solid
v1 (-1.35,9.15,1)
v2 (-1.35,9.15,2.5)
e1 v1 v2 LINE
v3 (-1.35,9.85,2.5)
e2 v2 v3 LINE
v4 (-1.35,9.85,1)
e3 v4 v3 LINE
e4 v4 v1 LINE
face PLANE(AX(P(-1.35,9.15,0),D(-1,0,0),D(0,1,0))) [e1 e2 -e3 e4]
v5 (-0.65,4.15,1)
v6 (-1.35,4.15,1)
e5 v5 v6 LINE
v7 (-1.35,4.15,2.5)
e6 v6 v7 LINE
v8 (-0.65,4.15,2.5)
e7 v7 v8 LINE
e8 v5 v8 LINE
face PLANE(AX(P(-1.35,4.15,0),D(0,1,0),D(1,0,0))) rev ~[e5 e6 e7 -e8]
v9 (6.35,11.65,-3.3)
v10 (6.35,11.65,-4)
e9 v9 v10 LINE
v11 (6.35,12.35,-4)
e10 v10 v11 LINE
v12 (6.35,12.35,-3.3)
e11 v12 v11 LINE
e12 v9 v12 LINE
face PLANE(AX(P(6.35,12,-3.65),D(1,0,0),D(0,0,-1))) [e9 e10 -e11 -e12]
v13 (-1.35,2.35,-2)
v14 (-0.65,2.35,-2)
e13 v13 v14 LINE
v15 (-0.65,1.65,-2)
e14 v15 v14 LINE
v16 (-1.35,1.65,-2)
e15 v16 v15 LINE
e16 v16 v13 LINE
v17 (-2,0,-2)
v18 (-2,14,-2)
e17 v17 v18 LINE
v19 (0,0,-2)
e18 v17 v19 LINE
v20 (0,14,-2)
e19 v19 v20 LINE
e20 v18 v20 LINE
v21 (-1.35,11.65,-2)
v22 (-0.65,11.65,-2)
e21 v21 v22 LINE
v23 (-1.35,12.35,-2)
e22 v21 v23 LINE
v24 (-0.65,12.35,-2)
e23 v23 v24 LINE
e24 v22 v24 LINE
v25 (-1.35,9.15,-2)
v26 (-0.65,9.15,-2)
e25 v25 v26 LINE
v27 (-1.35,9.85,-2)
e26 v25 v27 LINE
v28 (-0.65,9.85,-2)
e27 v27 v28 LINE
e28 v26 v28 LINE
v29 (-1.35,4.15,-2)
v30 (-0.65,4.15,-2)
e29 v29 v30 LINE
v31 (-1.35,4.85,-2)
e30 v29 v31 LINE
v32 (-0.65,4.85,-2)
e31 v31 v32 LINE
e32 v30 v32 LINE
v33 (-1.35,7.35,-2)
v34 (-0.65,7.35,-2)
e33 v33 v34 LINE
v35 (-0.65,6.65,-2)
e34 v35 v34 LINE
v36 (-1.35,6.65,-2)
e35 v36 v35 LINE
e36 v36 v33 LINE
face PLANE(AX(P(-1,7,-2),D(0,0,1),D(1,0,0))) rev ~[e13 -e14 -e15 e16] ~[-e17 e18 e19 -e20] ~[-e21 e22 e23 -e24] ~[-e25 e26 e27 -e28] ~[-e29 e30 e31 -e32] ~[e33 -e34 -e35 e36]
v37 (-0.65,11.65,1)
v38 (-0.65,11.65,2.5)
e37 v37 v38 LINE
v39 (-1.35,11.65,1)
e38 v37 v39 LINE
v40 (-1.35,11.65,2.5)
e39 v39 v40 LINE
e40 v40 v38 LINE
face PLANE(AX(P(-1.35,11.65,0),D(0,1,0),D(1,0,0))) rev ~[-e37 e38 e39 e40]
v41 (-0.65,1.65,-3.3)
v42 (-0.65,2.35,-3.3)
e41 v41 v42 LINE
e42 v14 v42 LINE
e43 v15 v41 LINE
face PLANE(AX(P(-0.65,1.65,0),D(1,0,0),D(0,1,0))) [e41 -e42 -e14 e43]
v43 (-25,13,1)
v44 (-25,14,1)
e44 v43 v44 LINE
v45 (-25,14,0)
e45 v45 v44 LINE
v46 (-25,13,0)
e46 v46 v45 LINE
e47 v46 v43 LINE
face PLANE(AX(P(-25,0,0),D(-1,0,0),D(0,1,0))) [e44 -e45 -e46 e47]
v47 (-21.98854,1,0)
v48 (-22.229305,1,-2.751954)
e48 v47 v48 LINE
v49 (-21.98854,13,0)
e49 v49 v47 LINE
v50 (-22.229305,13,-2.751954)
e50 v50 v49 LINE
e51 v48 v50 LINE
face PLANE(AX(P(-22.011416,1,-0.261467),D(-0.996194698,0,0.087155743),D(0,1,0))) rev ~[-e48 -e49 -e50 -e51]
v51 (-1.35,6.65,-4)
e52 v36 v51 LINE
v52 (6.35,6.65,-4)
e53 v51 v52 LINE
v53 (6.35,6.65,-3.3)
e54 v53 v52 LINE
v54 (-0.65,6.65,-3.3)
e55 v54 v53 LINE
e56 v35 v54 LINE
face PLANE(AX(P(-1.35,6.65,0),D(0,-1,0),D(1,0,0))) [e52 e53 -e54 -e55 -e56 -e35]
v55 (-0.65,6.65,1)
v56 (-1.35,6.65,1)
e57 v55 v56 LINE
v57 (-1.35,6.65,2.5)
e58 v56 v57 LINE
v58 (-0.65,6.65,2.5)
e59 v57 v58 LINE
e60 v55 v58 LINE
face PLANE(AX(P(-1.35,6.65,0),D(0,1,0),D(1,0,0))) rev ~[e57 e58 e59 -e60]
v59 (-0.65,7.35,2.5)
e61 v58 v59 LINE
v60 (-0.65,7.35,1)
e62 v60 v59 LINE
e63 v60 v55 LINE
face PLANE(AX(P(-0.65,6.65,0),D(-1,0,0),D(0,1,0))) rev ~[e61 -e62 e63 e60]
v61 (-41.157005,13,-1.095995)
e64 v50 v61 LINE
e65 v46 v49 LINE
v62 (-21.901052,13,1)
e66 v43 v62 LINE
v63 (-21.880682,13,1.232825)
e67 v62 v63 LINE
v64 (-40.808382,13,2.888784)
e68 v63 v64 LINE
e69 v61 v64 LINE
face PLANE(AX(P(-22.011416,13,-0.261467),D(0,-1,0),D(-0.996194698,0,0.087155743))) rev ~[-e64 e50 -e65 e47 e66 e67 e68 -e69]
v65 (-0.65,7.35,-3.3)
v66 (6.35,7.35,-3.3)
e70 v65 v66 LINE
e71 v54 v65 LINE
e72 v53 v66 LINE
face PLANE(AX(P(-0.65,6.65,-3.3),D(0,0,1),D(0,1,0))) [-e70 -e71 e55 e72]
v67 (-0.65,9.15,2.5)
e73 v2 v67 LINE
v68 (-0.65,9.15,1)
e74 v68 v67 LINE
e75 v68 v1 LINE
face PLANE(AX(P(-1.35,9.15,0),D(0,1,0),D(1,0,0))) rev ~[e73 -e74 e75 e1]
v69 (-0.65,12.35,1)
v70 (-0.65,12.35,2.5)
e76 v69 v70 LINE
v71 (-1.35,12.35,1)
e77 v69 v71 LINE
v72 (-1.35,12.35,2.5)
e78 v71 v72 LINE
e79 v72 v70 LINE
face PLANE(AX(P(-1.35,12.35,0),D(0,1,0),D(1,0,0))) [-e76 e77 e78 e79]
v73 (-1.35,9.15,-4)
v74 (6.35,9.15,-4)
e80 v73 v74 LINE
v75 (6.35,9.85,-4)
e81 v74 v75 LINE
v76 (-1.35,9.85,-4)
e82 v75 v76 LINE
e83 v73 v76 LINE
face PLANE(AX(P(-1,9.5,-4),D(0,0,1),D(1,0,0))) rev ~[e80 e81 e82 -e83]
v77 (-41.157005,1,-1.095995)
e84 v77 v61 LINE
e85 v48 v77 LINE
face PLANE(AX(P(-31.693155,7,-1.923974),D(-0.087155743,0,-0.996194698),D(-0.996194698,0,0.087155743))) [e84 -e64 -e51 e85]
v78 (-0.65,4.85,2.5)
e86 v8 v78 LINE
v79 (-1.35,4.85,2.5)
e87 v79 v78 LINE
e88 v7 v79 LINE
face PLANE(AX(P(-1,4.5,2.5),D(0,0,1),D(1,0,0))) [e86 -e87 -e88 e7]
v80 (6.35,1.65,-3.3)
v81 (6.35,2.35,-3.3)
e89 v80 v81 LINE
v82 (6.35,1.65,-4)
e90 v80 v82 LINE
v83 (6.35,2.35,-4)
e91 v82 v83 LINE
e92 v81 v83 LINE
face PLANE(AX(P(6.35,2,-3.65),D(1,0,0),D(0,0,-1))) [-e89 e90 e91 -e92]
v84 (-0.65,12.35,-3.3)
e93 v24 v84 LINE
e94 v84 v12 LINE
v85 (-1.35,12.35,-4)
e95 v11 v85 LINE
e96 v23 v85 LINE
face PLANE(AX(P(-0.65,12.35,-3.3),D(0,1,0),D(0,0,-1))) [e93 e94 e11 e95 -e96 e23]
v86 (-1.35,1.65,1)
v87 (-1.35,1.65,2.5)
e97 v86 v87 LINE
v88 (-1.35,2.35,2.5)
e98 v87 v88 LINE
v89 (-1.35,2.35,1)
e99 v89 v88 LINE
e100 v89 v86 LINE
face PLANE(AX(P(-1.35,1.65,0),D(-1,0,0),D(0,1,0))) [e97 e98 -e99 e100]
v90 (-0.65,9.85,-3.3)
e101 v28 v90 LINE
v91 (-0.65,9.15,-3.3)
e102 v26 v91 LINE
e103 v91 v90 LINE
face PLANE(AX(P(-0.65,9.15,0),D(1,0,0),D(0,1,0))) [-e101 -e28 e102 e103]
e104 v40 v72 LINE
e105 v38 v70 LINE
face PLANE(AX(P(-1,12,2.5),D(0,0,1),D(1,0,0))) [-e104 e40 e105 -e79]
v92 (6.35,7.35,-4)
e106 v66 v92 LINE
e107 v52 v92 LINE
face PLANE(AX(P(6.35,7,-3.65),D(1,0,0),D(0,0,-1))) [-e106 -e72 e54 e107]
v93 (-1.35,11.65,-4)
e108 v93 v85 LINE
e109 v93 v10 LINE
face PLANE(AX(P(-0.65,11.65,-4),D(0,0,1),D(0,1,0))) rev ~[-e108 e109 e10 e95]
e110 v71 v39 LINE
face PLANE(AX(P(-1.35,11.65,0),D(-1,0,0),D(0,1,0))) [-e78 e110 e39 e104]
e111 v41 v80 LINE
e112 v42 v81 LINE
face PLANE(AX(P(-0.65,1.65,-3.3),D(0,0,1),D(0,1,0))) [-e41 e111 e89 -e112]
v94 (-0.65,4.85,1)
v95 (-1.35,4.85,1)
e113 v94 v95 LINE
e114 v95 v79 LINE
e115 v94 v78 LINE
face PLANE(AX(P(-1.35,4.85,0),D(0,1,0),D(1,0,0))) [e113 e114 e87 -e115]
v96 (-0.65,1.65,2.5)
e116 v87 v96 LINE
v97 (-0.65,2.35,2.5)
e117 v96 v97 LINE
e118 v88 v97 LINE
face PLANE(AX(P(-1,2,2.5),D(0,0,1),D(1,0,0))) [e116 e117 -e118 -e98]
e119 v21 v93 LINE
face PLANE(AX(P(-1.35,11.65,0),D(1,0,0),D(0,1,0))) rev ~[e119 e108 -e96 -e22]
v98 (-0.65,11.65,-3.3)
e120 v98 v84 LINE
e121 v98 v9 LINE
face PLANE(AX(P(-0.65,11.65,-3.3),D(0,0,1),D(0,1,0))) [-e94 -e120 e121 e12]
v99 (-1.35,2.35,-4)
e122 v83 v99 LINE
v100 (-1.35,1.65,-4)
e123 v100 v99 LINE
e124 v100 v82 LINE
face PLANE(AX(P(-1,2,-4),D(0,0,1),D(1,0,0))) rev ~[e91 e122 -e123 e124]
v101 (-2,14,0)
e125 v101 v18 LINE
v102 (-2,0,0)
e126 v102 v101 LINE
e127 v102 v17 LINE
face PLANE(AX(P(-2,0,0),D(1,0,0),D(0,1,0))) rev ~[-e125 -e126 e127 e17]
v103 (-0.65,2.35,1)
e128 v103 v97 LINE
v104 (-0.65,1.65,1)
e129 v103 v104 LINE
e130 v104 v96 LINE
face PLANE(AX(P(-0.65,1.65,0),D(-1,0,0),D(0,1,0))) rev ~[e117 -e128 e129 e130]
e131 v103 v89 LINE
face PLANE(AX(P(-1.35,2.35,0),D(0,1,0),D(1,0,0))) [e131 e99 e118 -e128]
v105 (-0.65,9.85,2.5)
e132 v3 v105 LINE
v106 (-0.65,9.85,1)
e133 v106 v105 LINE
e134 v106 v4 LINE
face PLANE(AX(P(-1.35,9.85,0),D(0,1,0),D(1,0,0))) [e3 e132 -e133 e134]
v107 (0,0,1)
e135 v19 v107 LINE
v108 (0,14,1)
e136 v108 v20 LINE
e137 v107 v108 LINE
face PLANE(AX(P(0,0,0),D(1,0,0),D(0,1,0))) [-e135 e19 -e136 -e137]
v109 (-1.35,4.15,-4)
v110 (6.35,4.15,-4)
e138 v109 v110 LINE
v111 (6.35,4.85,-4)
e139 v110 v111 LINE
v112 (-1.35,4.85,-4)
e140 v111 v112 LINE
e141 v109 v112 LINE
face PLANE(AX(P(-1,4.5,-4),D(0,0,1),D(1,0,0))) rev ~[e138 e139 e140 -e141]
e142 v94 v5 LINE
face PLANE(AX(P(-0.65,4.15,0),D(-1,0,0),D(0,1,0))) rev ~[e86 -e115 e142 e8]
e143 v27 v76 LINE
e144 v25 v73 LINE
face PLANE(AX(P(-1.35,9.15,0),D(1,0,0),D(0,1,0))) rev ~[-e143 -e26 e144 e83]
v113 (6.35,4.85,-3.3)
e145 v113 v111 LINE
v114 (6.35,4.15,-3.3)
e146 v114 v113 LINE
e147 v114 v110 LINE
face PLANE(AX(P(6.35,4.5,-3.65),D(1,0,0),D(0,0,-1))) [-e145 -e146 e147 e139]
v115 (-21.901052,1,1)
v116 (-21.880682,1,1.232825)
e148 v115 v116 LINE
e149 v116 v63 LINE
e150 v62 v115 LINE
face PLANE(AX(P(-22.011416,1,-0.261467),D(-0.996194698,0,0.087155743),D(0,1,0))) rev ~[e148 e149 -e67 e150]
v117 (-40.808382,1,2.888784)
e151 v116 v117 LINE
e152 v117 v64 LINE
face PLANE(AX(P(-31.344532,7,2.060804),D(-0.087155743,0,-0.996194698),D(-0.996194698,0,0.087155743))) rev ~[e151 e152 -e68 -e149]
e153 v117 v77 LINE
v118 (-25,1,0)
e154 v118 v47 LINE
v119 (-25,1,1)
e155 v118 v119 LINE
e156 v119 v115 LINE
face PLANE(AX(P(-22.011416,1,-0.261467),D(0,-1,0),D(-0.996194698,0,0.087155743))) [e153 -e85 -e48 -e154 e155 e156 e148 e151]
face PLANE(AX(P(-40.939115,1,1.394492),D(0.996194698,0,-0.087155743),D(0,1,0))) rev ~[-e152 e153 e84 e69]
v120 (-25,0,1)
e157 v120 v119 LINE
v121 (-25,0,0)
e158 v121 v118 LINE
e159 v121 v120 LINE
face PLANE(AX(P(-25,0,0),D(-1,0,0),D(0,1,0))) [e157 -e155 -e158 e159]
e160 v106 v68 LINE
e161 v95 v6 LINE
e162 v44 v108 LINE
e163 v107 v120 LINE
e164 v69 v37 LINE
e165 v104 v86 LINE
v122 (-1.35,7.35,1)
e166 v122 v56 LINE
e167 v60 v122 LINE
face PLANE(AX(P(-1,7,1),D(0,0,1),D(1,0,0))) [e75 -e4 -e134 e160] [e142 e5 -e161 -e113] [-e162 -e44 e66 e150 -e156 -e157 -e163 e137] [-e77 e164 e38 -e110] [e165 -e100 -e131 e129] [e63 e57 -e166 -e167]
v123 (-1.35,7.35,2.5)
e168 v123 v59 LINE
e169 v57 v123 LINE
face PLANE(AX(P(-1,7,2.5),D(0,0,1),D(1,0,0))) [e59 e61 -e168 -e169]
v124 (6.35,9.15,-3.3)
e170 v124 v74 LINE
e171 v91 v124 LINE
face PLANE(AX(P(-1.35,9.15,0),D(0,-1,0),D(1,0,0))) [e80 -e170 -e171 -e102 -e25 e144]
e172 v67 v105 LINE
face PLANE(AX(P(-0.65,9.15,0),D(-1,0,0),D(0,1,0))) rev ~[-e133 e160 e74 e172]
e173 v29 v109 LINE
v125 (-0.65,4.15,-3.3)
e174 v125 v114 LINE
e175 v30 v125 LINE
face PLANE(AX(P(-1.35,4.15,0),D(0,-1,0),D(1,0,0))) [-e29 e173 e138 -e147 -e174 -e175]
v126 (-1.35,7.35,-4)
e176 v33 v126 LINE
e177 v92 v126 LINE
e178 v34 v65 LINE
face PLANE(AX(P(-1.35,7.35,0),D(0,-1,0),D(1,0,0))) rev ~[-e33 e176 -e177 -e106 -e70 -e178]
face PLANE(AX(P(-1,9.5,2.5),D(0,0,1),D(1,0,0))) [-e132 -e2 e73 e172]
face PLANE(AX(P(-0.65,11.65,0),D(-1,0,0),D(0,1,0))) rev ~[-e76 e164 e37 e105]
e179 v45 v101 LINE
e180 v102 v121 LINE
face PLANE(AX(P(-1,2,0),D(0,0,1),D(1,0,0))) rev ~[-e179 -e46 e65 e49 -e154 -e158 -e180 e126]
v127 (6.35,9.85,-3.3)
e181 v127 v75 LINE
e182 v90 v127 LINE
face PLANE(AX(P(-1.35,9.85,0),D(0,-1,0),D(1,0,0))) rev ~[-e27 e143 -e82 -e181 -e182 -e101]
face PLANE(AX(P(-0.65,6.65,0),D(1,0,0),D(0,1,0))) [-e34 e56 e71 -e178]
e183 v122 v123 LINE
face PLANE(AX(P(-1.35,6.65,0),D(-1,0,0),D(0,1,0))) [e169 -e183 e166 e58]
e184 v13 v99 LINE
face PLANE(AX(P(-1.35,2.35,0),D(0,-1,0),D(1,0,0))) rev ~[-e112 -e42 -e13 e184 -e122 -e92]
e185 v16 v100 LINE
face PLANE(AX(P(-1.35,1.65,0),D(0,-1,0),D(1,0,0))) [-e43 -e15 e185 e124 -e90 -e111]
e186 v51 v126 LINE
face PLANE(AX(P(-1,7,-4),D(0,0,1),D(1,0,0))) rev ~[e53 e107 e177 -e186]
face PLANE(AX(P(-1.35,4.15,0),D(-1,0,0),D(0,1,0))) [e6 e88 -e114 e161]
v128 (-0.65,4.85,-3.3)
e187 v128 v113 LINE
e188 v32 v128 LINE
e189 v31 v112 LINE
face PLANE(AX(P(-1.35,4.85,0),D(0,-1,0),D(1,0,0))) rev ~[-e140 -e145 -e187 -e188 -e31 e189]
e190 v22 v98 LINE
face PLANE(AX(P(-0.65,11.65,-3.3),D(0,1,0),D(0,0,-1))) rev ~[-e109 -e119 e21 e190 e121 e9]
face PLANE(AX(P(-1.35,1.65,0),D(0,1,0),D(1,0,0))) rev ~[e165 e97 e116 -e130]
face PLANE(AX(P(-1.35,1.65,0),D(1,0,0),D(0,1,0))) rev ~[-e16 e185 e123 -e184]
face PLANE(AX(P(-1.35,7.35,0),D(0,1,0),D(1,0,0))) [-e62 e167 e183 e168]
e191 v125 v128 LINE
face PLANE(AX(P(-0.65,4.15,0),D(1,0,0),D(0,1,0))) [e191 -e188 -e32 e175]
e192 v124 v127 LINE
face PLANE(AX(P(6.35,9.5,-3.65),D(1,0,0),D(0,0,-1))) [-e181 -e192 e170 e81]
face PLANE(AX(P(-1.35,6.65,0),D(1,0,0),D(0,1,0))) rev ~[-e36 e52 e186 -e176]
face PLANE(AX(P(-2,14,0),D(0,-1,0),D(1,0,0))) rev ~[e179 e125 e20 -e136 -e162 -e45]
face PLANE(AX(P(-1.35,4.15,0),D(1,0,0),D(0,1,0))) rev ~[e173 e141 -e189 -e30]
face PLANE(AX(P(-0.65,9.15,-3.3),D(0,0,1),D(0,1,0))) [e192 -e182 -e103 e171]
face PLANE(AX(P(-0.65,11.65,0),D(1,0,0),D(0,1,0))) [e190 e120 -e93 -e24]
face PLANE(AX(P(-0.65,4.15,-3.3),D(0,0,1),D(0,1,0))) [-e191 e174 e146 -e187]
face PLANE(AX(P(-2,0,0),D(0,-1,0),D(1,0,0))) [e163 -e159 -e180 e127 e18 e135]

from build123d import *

# Parameters (mm, degrees)
SKETCH_1_W      = 25
SKETCH_1_H      = 14
EXTRUDE_1_DEPTH = 1
SKETCH_1_3_W    = 2
SKETCH_1_3_H    = 14
SKETCH_1_3_W_2  = 0.7
SKETCH_1_3_H_2  = 0.7
EXTRUDE_2_DEPTH = 2
SKETCH_1_4_W    = 0.7
SKETCH_1_4_H    = 0.7
EXTRUDE_3_DEPTH = 2.5
SKETCH_1_5_W    = 0.7
SKETCH_1_5_H    = 0.7
EXTRUDE_4_DEPTH = 4
SKETCH_2_W      = 0.7
SKETCH_2_H      = 0.7
EXTRUDE_5_DEPTH = 7
SKETCH_4_W      = 19
SKETCH_4_H      = 12
EXTRUDE_6_DEPTH = 2.5
SKETCH_4_2_W    = 19
SKETCH_4_2_H    = 12
EXTRUDE_7_DEPTH = 1.5


with BuildPart() as part:
    # Эскиз1 → Бобышка-Вытянуть1 (new body)
    with BuildSketch(Plane.XY):
        with Locations((-12.5, 7)):
            Rectangle(SKETCH_1_W, SKETCH_1_H)
    extrude(amount=EXTRUDE_1_DEPTH)

    # Эскиз1<3> → Бобышка-Вытянуть2 (add)
    with BuildSketch(Plane.XY):
        with Locations((-1, 7)):
            Rectangle(SKETCH_1_3_W, SKETCH_1_3_H)
        with Locations((-1, 2)):
            Rectangle(SKETCH_1_3_W_2, SKETCH_1_3_H_2, mode=Mode.SUBTRACT)
        with Locations((-1, 4.5)):
            Rectangle(SKETCH_1_3_W_2, SKETCH_1_3_H_2, mode=Mode.SUBTRACT)
        with Locations((-1, 7)):
            Rectangle(SKETCH_1_3_W_2, SKETCH_1_3_H_2, mode=Mode.SUBTRACT)
        with Locations((-1, 9.5)):
            Rectangle(SKETCH_1_3_W_2, SKETCH_1_3_H_2, mode=Mode.SUBTRACT)
        with Locations((-1, 12)):
            Rectangle(SKETCH_1_3_W_2, SKETCH_1_3_H_2, mode=Mode.SUBTRACT)
    extrude(amount=-EXTRUDE_2_DEPTH)

    # Эскиз1<4> → Бобышка-Вытянуть3 (add)
    with BuildSketch(Plane.XY):
        with Locations((-1, 4.5)):
            Rectangle(SKETCH_1_4_W, SKETCH_1_4_H)
        with Locations((-1, 2)):
            Rectangle(SKETCH_1_4_W, SKETCH_1_4_H)
        with Locations((-1, 7)):
            Rectangle(SKETCH_1_4_W, SKETCH_1_4_H)
        with Locations((-1, 9.5)):
            Rectangle(SKETCH_1_4_W, SKETCH_1_4_H)
        with Locations((-1, 12)):
            Rectangle(SKETCH_1_4_W, SKETCH_1_4_H)
    extrude(amount=EXTRUDE_3_DEPTH)

    # Эскиз1<5> → Бобышка-Вытянуть4 (add)
    with BuildSketch(Plane.XY):
        with Locations((-1, 4.5)):
            Rectangle(SKETCH_1_5_W, SKETCH_1_5_H)
        with Locations((-1, 2)):
            Rectangle(SKETCH_1_5_W, SKETCH_1_5_H)
        with Locations((-1, 7)):
            Rectangle(SKETCH_1_5_W, SKETCH_1_5_H)
        with Locations((-1, 9.5)):
            Rectangle(SKETCH_1_5_W, SKETCH_1_5_H)
        with Locations((-1, 12)):
            Rectangle(SKETCH_1_5_W, SKETCH_1_5_H)
    extrude(amount=-EXTRUDE_4_DEPTH)

    # Эскиз2 → Бобышка-Вытянуть5 (add)
    with BuildSketch(Plane(origin=(-0.65, 0, 0), x_dir=(0, 0, -1), z_dir=(1, 0, 0))):
        with Locations((3.65, 12)):
            Rectangle(SKETCH_2_W, SKETCH_2_H)
        with Locations((3.65, 9.5)):
            Rectangle(SKETCH_2_W, SKETCH_2_H)
        with Locations((3.65, 7)):
            Rectangle(SKETCH_2_W, SKETCH_2_H)
        with Locations((3.65, 4.5)):
            Rectangle(SKETCH_2_W, SKETCH_2_H)
        with Locations((3.65, 2)):
            Rectangle(SKETCH_2_W, SKETCH_2_H)
    extrude(amount=EXTRUDE_5_DEPTH)



with BuildPart() as body_2:
    # Эскиз4 → Бобышка-Вытянуть6 (new body)
    with BuildSketch(Plane(origin=(-0.189903087, 0, -2.170602221), x_dir=(-0.9961946980917455, 0, 0.08715574274765837), z_dir=(-0.08715574274765839, 0, -0.9961946980917457))):
        with Locations((31.404867452, 7)):
            Rectangle(SKETCH_4_W, SKETCH_4_H)
    extrude(amount=EXTRUDE_6_DEPTH)


with BuildPart() as part_1:
    add(part.part)

    add(body_2.part)  # Бобышка-Вытянуть7 merges body 2
    # Эскиз4<2> → Бобышка-Вытянуть7 (add)
    with BuildSketch(Plane(origin=(-0.189903087, 0, -2.170602221), x_dir=(-0.9961946980917455, 0, 0.08715574274765837), z_dir=(-0.08715574274765839, 0, -0.9961946980917457))):
        with Locations((31.404867452, 7)):
            Rectangle(SKETCH_4_2_W, SKETCH_4_2_H)
    extrude(amount=-EXTRUDE_7_DEPTH)


solid = part_1.part
